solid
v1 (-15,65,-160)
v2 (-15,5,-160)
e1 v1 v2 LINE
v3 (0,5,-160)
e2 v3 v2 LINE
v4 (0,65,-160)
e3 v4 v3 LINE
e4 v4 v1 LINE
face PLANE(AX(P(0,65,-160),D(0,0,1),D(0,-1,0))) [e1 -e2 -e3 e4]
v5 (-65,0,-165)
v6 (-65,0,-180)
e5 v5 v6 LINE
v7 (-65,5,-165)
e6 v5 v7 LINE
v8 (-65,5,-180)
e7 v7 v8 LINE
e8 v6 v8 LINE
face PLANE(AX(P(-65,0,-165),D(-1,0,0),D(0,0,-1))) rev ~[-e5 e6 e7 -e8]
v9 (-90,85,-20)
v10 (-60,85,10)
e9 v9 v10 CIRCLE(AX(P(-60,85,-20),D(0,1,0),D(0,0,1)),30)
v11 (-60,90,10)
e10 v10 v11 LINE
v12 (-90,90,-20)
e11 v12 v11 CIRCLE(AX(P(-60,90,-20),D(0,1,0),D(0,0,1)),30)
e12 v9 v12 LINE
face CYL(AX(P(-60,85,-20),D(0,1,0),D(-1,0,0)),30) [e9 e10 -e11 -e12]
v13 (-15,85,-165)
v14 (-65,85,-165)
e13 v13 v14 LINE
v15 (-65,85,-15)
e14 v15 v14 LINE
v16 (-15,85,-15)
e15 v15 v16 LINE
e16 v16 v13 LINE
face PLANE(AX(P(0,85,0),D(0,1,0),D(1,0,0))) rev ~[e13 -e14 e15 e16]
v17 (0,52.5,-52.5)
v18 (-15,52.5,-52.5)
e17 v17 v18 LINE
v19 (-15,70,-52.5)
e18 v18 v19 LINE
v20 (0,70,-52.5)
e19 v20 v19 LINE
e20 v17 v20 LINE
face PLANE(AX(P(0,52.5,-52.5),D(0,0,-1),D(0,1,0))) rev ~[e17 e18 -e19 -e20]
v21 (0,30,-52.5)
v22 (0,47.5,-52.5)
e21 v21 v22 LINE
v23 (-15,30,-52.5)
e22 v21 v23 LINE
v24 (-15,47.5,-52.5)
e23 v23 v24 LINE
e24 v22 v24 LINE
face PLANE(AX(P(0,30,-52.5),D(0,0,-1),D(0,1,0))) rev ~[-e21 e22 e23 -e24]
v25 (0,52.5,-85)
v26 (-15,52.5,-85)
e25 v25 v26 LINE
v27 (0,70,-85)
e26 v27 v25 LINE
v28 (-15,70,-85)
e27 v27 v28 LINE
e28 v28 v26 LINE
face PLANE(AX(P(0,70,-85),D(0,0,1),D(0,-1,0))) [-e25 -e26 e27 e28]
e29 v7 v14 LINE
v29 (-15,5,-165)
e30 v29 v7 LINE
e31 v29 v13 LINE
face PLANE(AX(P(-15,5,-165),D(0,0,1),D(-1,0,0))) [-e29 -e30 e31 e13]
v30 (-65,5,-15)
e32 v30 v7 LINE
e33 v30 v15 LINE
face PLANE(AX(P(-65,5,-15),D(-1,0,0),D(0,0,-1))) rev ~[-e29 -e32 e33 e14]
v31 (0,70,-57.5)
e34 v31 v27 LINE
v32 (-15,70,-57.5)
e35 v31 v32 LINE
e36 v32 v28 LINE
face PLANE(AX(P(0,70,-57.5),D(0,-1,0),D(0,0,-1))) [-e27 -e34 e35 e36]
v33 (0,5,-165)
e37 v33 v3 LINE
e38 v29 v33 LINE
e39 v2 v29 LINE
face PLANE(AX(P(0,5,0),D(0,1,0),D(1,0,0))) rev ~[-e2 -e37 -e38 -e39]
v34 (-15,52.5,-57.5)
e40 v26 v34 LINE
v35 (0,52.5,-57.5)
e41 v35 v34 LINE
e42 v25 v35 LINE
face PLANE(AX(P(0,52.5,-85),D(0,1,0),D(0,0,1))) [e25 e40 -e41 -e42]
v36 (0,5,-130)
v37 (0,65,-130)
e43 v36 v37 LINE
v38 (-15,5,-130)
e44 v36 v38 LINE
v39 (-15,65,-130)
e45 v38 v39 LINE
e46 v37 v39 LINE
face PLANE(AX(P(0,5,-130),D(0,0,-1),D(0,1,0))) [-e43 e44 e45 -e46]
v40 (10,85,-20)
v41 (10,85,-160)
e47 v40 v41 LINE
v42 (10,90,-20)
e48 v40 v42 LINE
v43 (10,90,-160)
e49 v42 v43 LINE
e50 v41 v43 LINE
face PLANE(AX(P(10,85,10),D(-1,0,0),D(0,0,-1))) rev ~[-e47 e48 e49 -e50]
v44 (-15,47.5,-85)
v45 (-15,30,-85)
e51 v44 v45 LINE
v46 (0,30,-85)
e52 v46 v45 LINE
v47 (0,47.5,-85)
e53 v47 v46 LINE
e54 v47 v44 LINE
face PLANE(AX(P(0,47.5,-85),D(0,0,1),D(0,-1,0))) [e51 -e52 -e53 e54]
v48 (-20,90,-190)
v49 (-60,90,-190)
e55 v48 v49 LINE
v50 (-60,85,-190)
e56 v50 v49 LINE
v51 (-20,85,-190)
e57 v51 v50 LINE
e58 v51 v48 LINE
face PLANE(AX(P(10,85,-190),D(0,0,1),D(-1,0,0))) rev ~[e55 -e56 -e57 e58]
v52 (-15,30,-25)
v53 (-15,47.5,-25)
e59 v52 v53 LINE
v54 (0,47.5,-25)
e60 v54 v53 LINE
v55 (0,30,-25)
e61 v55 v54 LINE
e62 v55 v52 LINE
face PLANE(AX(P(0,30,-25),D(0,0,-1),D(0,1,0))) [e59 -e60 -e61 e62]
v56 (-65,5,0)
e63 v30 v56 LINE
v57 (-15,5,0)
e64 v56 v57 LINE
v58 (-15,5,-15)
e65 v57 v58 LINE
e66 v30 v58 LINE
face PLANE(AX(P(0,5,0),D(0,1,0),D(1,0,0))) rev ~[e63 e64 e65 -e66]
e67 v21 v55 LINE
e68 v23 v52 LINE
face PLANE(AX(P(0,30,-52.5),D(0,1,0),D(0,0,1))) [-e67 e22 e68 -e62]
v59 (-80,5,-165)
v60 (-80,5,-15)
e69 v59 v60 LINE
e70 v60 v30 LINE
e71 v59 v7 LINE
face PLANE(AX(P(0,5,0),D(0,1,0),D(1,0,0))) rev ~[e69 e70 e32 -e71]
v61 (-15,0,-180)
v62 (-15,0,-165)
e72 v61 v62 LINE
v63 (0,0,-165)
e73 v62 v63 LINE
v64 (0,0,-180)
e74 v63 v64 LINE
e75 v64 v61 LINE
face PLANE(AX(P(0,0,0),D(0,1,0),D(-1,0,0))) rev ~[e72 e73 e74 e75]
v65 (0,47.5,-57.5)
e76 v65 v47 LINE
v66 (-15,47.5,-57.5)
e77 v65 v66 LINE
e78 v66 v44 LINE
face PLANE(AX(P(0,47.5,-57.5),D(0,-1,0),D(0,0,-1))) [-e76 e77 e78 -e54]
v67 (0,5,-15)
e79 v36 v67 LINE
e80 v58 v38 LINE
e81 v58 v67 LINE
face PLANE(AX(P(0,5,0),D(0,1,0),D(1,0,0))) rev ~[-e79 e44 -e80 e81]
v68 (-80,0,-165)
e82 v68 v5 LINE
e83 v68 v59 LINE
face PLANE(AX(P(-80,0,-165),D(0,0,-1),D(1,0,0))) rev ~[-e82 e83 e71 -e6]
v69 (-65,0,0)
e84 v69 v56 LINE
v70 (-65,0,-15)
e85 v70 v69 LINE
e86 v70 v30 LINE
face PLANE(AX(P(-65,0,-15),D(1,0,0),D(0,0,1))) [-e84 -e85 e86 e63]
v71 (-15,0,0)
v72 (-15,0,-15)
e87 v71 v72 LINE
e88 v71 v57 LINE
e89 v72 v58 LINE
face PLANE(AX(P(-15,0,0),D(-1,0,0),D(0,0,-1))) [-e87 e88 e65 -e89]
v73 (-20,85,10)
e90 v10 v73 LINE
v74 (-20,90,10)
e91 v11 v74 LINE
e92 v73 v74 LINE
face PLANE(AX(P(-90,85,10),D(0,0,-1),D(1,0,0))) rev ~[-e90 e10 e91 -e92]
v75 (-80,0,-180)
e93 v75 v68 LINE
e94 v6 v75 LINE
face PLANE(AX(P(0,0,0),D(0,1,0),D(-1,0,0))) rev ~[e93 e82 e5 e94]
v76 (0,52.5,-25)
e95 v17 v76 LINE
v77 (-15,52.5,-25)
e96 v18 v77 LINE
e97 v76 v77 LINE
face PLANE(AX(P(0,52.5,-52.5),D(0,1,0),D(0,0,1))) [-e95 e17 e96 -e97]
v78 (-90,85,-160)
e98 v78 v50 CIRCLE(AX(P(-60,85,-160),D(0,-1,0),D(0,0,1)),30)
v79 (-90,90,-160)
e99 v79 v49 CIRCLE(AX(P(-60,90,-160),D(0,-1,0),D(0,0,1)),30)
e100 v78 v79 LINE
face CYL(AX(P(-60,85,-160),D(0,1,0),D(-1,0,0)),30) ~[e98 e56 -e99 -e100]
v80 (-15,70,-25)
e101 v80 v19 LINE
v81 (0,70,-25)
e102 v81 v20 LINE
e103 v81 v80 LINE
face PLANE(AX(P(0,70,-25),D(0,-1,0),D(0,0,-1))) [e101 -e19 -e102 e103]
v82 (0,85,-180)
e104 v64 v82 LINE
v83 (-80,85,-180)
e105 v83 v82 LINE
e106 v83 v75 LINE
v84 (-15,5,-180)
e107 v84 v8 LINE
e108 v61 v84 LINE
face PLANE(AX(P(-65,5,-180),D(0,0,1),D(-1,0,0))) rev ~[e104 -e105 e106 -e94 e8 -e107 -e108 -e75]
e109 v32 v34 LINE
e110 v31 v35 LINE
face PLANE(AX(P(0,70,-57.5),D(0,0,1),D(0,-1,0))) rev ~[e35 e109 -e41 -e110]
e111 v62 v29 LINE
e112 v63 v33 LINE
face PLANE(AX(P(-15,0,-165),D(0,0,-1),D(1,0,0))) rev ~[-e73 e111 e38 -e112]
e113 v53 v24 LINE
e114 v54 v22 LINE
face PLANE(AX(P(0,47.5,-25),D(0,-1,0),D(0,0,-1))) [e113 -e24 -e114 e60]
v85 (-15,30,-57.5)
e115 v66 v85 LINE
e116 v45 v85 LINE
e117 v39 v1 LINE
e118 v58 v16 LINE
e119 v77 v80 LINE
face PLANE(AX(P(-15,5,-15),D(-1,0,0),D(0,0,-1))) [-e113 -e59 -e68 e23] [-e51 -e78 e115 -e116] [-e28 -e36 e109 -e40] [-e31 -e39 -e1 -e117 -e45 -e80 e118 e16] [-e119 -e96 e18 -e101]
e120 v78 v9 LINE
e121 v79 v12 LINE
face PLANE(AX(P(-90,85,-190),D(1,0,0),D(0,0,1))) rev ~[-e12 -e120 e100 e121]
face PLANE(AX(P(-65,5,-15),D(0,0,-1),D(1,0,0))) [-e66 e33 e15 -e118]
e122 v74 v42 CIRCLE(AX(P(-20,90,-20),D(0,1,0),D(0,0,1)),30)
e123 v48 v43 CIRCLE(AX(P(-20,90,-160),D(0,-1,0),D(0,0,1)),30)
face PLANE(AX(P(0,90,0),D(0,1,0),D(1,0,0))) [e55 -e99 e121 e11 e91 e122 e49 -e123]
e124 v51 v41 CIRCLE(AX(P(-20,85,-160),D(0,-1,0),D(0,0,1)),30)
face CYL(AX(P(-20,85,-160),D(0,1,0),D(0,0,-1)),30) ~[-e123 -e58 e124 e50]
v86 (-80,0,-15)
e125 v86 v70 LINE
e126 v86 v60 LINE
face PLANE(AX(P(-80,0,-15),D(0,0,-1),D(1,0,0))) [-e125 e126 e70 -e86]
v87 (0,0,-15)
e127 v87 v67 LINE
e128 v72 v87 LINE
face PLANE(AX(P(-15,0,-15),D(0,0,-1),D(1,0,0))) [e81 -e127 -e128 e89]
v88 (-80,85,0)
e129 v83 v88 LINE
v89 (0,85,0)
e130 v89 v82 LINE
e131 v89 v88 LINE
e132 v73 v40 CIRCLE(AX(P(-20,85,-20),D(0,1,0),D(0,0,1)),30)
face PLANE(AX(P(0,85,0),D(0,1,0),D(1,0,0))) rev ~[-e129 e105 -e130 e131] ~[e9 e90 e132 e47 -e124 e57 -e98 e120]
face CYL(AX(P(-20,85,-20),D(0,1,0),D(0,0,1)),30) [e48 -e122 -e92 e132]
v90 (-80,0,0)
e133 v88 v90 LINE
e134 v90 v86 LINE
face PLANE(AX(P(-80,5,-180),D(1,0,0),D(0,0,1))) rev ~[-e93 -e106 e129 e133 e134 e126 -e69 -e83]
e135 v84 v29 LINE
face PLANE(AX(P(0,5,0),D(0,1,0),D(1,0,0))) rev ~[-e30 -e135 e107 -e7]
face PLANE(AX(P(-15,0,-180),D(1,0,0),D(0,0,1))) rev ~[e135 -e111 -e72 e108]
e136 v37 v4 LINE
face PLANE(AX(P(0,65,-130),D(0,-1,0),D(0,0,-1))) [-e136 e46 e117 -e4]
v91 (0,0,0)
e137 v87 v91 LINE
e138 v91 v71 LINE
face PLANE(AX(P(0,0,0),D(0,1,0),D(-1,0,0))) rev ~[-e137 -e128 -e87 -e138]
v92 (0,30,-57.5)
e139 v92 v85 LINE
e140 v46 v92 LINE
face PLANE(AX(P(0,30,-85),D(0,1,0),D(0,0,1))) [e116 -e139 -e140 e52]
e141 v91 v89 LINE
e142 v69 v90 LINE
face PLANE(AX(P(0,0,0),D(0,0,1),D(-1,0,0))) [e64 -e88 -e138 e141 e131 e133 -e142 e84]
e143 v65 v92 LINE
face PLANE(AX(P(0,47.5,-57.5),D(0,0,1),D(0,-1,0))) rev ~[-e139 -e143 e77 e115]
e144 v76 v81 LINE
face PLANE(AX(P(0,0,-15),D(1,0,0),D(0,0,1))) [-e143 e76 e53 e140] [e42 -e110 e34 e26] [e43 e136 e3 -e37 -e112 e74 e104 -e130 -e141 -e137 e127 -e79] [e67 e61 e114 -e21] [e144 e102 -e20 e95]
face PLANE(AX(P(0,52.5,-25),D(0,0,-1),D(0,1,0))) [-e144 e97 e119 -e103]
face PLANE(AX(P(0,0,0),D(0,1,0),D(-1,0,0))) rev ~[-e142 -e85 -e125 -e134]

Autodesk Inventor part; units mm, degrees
ref_plane "YZ Plane" through (0, 0, 0) normal (1, 0, 0) x (0, 1, 0)
ref_plane "XZ Plane" through (0, 0, 0) normal (0, 1, 0) x (-1, 0, 0)
ref_plane "XY Plane" through (0, 0, 0) normal (0, 0, 1) x (1, 0, 0)
sketch "Sketch1" plane through (0, 0, 0) normal (0, 1, 0) x (-1, 0, 0)
  line L0 (0, 0) -> (15, 0)
  line L1 (15, 0) -> (15, -15)
  line L2 (15, -15) -> (0, -15)
  line L3 (0, -15) -> (0, 0)
  line L4 (15, -165) -> (0, -165)
  line L5 (0, -165) -> (0, -180)
  line L6 (0, -180) -> (15, -180)
  line L7 (15, -180) -> (15, -165)
  line L8 (65, -180) -> (80, -180)
  line L9 (80, -180) -> (80, -165)
  line L10 (80, -165) -> (65, -165)
  line L11 (65, -165) -> (65, -180)
  line L12 (80, -15) -> (65, -15)
  line L13 (65, -15) -> (65, 0)
  line L14 (65, 0) -> (80, 0)
  line L15 (80, 0) -> (80, -15)
  point P0 (15, -7.5)
  dimension "d0" = 15
  dimension "d1" = 15
  dimension "d2" = 15
  dimension "d3" = 15
  dimension "d4" = 15
  dimension "d5" = 15
  dimension "d6" = 150
  dimension "d7" = 50
extrude "Extrusion1" add sketch "Sketch1" along normal blind 5
sketch "Sketch2" plane through (0, 5, 0) normal (0, 1, 0) x (1, 0, 0)
  line L0 (-80, 0) -> (-65, 0) projected
  line L1 (-80, 0) -> (-65, 0)
  line L2 (-65, 0) -> (-65, 180)
  line L3 (-65, 180) -> (-80, 180)
  line L4 (-80, 180) -> (-80, 0)
  line L5 (-15, 165) -> (0, 165) projected
  line L6 (-65, 180) -> (0, 180)
  line L7 (0, 180) -> (0, 165)
  line L8 (0, 165) -> (-65, 165)
  line L9 (-65, 165) -> (-65, 180)
  line L10 (-15, 0) -> (0, 0) projected
  line L11 (-15, 165) -> (0, 165)
  line L12 (0, 165) -> (0, 0)
  line L13 (0, 0) -> (-15, 0)
  line L14 (-15, 0) -> (-15, 165)
  line L15 (-15, 0) -> (-65, 0)
  line L16 (-65, 0) -> (-65, 15)
  line L17 (-65, 15) -> (-15, 15)
  line L18 (-15, 15) -> (-15, 0)
  point P0 (-65, 165)
extrude "Extrusion2" add sketch "Sketch2" along normal blind 80 contours L4 L3 L2 L0 | L2 L17 L14 L15 | L14 L5 L12 L10 | L6 L7 L5 L8 L2
sketch "Sketch3" plane through (0, 85, 0) normal (0, 1, 0) x (1, 0, 0)
  line L0 (-90, -10) -> (10, -10)
  line L1 (10, -10) -> (10, 190)
  line L2 (10, 190) -> (-90, 190)
  line L3 (-90, 190) -> (-90, -10)
  line L4 (-80, 180) -> (-80, 0) projected
  line L5 (0, 180) -> (-80, 180) projected
  line L6 (0, 0) -> (0, 180) projected
  line L7 (-80, 0) -> (0, 0) projected
  point P0 (-40, -10)
  dimension "d12" = 10
  dimension "d13" = 10
  dimension "d14" = 10
  dimension "d15" = 10
extrude "Extrusion3" add sketch "Sketch3" along normal blind 5 contours L3 L2 L1 L0 | L5 L6 L7 L4
fillet "Fillet1" radius 30 4 edges at (10, 87.5, 10) (-90, 87.5, 10) (-90, 87.5, -190) (10, 87.5, -190)
sketch "Sketch4" plane through (0, 0, 0) normal (1, 0, 0) x (0, 0, -1)
  line L0 (160, 5) -> (130, 5)
  line L1 (130, 5) -> (130, 65)
  line L2 (130, 65) -> (160, 65)
  line L3 (160, 65) -> (160, 5)
  line L4 (25, 70) -> (85, 70)
  line L5 (85, 70) -> (85, 30)
  line L6 (85, 30) -> (25, 30)
  line L7 (25, 30) -> (25, 70)
  line L8 (0, 0) -> (0, 85) projected
  line L9 (180, 0) -> (180, 85) projected
  line L10 (15, 5) -> (165, 5) projected
  line L11 (20, 85) -> (160, 85) projected
  line L12 (52.5, 70) -> (57.5, 70)
  line L13 (57.5, 70) -> (57.5, 30)
  line L14 (57.5, 30) -> (52.5, 30)
  line L15 (52.5, 30) -> (52.5, 70)
  line L16 (85, 52.5) -> (25, 52.5)
  line L17 (25, 52.5) -> (25, 47.5)
  line L18 (25, 47.5) -> (85, 47.5)
  line L19 (85, 47.5) -> (85, 52.5)
  point P0 (52.5, 52.5)
  point P1 (52.5, 47.5)
  point P2 (57.5, 47.5)
  point P3 (57.5, 52.5)
  dimension "d19" = 60
  dimension "d20" = 30
  dimension "d21" = 40
  dimension "d22" = 60
  dimension "d23" = 25
  dimension "d24" = 20
  dimension "d25" = 0
  dimension "d26" = 15
  dimension "d27" = 5
  dimension "d28" = 5
  dimension "d29" = 17.5
  dimension "d30" = 27.5
extrude "Extrusion4" cut sketch "Sketch4" against normal blind 15 contours L0 L1 L2 L3 | L4 L15 L16 L7 | L4 L5 L16 L13 | L18 L15 L6 L7 | L18 L5 L6 L13
properties part number "huis"
